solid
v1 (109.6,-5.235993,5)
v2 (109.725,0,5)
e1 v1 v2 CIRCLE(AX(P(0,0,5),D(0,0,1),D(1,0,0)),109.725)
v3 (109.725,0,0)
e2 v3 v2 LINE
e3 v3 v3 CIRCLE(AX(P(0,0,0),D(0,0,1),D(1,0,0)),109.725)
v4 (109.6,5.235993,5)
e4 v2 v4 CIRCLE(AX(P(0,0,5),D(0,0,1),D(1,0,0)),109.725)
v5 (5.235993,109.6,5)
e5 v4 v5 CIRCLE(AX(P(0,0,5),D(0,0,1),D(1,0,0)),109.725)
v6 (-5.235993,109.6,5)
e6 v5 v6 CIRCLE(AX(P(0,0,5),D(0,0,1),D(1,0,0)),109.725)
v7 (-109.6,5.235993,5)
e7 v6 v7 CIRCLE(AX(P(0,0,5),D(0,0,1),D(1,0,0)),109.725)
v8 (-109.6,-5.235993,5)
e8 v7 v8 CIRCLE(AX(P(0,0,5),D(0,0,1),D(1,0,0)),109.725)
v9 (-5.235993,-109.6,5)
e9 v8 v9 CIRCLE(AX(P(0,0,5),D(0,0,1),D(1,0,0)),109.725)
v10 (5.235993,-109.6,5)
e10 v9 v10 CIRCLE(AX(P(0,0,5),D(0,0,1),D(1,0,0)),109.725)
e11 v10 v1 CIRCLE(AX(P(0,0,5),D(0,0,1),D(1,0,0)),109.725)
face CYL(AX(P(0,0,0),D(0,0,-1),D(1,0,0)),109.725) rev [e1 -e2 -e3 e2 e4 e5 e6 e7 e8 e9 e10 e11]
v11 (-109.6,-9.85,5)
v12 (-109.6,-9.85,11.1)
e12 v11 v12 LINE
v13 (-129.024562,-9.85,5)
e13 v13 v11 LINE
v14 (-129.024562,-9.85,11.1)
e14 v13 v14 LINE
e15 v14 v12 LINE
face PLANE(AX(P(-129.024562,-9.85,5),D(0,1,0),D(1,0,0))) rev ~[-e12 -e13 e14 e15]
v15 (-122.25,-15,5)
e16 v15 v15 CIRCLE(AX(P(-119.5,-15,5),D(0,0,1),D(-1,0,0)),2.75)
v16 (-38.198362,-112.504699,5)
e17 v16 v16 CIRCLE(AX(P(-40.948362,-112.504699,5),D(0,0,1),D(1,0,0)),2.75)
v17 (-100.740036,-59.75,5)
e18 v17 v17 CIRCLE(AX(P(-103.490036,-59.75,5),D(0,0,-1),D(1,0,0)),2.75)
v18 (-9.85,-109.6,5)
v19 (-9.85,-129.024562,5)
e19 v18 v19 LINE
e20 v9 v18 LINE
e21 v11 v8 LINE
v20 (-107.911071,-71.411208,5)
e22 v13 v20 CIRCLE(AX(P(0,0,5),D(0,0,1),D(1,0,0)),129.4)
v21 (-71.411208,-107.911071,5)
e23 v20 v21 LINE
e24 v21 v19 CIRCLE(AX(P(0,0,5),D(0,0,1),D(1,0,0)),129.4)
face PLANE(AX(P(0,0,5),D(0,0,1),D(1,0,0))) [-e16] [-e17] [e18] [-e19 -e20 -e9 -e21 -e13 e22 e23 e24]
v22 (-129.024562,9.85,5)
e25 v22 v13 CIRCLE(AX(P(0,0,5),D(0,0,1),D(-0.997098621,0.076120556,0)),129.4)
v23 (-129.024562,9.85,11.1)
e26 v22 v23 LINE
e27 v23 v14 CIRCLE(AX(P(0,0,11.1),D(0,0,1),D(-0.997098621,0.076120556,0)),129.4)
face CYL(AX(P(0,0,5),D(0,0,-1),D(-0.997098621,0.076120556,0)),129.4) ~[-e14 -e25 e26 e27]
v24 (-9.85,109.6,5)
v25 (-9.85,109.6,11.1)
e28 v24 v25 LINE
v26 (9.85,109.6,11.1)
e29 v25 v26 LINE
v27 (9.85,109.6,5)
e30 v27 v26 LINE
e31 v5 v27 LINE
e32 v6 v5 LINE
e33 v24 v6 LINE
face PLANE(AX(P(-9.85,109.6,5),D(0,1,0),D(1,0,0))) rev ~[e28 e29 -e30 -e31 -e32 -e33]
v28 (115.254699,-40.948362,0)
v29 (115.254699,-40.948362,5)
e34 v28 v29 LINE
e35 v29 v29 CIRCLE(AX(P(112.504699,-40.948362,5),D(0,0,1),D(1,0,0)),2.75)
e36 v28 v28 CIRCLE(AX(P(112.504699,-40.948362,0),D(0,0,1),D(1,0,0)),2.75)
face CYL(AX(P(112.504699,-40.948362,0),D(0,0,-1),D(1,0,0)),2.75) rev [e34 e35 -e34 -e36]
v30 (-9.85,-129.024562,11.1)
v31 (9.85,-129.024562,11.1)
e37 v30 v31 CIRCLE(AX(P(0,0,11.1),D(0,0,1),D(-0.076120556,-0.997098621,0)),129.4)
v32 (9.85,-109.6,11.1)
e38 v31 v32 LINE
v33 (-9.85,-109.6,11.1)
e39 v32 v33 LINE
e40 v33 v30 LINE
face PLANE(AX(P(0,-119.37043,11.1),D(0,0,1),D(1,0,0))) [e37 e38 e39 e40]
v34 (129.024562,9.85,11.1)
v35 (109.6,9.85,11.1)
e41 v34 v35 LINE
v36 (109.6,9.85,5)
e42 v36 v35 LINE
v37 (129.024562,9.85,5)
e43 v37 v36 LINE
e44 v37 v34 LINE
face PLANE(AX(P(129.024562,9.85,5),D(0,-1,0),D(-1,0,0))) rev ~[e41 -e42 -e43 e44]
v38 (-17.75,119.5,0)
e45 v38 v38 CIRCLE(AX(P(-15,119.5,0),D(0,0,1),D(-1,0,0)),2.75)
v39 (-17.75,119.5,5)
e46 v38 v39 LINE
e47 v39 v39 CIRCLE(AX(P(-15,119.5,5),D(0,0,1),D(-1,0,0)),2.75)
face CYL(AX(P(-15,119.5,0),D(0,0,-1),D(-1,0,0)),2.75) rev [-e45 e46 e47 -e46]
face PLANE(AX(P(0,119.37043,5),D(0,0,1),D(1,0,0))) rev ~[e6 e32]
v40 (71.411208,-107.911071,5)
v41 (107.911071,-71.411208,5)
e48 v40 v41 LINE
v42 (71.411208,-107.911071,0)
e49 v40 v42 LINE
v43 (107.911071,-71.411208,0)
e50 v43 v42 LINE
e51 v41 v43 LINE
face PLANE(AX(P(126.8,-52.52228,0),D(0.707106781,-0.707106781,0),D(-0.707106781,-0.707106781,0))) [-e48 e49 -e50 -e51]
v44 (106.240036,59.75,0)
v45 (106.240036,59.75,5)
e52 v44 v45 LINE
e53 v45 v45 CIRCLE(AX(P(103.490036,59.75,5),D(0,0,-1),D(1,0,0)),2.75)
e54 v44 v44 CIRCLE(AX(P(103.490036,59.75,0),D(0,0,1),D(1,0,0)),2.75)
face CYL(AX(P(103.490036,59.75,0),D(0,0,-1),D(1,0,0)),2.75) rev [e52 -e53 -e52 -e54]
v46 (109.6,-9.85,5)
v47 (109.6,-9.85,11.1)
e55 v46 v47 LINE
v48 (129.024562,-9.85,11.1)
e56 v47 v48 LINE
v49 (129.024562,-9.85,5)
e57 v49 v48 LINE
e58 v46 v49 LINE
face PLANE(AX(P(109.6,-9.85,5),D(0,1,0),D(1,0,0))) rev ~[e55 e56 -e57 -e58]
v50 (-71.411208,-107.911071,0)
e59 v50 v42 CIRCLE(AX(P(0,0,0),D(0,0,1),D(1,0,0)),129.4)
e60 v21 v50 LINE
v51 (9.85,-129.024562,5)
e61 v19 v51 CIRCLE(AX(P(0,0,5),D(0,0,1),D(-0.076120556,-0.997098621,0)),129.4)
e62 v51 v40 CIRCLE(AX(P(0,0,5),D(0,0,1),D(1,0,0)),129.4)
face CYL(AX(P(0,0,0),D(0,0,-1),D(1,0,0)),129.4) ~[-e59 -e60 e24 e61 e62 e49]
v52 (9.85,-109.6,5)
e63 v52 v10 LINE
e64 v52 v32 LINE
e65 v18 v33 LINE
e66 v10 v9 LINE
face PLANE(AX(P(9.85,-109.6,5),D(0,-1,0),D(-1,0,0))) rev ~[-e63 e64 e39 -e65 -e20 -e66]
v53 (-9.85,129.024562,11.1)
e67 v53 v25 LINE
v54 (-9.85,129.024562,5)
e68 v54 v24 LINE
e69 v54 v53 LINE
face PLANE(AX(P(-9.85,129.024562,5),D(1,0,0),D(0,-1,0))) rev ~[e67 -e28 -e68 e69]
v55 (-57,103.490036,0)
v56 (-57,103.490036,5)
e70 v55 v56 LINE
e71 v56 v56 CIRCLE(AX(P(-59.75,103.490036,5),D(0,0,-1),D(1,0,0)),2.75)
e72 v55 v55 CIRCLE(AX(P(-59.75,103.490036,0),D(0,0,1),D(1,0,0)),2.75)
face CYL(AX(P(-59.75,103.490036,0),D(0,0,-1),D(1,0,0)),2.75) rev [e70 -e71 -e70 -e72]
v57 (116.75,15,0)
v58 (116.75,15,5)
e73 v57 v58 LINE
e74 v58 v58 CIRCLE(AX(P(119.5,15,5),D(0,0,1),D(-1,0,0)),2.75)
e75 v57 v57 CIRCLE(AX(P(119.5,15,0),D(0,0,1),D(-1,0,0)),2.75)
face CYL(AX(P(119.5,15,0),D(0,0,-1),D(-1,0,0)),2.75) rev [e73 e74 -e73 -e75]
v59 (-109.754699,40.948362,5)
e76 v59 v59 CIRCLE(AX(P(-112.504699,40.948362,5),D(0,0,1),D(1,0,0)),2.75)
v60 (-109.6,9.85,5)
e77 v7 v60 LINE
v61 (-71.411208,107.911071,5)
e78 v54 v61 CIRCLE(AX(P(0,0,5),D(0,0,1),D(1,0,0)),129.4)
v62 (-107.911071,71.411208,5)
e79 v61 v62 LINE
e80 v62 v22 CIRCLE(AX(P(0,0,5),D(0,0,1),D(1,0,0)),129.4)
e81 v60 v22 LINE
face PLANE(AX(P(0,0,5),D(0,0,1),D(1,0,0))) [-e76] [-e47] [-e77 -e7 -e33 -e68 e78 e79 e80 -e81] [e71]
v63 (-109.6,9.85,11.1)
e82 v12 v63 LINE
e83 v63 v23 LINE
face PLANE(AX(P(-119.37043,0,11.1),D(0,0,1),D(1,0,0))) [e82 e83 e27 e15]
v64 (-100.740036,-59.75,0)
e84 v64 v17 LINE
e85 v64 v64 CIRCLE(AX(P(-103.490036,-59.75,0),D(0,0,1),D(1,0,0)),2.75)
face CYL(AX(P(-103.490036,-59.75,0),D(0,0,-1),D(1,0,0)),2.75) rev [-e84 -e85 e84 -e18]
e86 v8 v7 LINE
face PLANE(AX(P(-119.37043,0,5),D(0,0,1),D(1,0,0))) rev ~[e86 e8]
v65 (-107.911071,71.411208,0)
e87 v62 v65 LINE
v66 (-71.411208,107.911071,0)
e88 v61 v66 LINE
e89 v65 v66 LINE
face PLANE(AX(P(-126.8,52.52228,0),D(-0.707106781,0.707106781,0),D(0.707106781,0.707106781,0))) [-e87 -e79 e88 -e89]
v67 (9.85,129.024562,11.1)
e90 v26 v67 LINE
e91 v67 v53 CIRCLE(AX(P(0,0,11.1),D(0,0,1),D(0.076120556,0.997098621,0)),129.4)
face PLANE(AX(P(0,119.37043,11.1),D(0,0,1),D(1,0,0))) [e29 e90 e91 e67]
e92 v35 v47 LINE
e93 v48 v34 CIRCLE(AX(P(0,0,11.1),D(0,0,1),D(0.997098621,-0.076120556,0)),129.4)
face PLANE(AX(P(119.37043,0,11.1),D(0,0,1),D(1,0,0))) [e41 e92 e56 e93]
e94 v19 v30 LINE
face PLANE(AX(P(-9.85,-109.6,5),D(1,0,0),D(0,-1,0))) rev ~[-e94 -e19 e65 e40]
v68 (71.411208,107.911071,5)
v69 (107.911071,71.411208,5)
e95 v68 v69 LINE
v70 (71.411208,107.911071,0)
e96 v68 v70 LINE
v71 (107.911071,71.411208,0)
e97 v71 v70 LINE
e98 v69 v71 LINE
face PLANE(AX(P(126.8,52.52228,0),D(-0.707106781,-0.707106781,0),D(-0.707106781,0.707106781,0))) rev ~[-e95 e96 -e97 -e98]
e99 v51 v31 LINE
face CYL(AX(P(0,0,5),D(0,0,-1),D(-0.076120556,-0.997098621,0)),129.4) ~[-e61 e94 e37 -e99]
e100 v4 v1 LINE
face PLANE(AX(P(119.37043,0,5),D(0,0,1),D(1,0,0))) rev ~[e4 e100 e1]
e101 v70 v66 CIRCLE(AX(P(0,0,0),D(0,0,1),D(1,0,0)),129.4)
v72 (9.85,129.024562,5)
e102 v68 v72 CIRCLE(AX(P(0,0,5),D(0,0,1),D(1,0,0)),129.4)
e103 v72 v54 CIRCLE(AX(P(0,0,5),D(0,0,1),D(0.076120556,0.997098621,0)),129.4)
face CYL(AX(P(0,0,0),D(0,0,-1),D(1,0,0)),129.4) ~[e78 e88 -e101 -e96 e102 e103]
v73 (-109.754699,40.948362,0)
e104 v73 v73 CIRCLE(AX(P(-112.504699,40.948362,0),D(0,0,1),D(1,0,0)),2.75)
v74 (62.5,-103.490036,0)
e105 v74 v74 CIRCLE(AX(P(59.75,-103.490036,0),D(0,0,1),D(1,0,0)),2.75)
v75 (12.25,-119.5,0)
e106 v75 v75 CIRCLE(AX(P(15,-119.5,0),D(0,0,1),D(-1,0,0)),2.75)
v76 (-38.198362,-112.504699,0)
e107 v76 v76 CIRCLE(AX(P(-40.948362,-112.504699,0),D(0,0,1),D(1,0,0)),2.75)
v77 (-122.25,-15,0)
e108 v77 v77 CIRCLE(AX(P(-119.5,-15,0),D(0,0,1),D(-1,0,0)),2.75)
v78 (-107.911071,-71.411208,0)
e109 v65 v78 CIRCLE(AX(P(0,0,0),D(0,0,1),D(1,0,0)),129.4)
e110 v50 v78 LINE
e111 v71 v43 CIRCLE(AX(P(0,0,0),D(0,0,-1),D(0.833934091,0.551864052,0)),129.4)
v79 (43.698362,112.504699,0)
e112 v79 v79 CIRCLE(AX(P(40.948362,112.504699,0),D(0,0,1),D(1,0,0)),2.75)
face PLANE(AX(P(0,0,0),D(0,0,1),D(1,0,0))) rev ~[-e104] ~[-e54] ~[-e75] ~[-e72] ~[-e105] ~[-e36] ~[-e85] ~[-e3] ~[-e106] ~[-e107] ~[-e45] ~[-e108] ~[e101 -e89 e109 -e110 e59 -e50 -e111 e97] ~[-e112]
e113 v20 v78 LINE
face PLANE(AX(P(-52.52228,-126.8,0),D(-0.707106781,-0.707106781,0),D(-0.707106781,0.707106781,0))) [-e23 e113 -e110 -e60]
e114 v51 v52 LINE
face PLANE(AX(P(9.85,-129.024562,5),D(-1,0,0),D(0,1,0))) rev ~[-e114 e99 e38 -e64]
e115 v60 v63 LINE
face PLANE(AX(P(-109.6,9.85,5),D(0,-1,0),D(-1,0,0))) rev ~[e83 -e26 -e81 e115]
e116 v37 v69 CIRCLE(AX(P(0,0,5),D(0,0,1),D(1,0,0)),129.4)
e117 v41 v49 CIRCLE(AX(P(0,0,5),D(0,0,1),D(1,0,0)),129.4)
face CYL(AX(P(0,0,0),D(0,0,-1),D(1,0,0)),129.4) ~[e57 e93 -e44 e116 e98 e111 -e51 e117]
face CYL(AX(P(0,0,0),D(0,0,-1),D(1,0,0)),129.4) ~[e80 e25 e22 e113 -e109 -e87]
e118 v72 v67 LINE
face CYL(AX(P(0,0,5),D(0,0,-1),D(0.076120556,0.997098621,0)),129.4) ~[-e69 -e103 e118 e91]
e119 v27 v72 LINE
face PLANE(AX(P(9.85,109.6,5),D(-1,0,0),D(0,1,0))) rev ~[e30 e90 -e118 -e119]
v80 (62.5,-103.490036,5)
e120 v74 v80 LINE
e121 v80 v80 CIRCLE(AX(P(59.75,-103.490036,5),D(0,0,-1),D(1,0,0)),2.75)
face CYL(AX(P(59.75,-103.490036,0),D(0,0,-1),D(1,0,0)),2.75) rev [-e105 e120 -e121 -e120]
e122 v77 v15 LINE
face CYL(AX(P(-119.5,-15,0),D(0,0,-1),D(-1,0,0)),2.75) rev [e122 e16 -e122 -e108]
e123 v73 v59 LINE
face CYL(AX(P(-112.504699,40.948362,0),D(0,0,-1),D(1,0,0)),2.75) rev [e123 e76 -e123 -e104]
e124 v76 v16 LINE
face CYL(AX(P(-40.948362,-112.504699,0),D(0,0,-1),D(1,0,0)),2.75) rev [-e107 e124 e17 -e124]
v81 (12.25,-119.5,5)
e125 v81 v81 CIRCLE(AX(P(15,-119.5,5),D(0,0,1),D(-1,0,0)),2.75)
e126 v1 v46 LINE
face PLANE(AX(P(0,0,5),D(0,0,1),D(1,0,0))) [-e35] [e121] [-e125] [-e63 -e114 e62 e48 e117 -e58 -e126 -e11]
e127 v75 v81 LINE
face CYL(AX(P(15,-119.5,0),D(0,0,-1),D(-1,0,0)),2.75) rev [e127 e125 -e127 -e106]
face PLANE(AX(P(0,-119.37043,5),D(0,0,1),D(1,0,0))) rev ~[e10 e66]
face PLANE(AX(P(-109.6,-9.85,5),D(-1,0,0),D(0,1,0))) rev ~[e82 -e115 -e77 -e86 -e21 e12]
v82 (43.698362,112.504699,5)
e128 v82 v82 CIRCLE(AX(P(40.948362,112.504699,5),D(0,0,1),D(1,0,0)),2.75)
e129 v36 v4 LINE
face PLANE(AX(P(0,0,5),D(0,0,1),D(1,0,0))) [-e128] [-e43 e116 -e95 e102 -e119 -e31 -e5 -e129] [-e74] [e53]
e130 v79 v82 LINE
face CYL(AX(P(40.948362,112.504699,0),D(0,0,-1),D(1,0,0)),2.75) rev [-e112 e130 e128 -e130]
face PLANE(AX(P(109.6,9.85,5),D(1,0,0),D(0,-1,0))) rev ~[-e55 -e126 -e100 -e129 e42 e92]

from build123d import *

# Parameters (mm, degrees)
SKETCH2_R           = 129.4
SKETCH2_R_2         = 109.725
SKETCH2_R_3         = 2.75
BOSS_EXTRUDE1_DEPTH = 5
BOSS_EXTRUDE2_DEPTH = 6.1
CUT_EXTRUDE3_DEPTH  = 10
SKETCH5_R           = 2.75
CUT_EXTRUDE4_DEPTH  = 184.335566653


with BuildPart() as part:
    # Sketch2 → Boss-Extrude1 (new body)
    with BuildSketch(Plane.XY):
        Circle(SKETCH2_R)
        Circle(SKETCH2_R_2, mode=Mode.SUBTRACT)
        with Locations(Location((-15, 119.5, 0), (0, 0, 180))):
            Circle(SKETCH2_R_3, mode=Mode.SUBTRACT)
        with Locations((40.94836166, 112.504699024)):
            Circle(SKETCH2_R_3, mode=Mode.SUBTRACT)
        with Locations(Location((119.5, 15, 0), (0, 0, 180))):
            Circle(SKETCH2_R_3, mode=Mode.SUBTRACT)
        with Locations((112.504699024, -40.94836166)):
            Circle(SKETCH2_R_3, mode=Mode.SUBTRACT)
        with Locations(Location((15, -119.5, 0), (0, 0, 180))):
            Circle(SKETCH2_R_3, mode=Mode.SUBTRACT)
        with Locations((-40.94836166, -112.504699024)):
            Circle(SKETCH2_R_3, mode=Mode.SUBTRACT)
        with Locations(Location((-119.5, -15, 0), (0, 0, 180))):
            Circle(SKETCH2_R_3, mode=Mode.SUBTRACT)
        with Locations((-112.504699024, 40.94836166)):
            Circle(SKETCH2_R_3, mode=Mode.SUBTRACT)
    extrude(amount=BOSS_EXTRUDE1_DEPTH)

    # Sketch3 → Boss-Extrude2 (add)
    with BuildSketch(Plane.XY.offset(5)):
        with BuildLine():
            Line((-9.85, 129.024561615), (-9.85, 109.6))
            Line((-9.85, 109.6), (9.85, 109.6))
            Line((9.85, 109.6), (9.85, 129.024561615))
            ThreePointArc((9.85, 129.024561615), (0, 129.4), (-9.85, 129.024561615))
        make_face()
        with BuildLine():
            Line((129.024561615, 9.85), (109.6, 9.85))
            Line((109.6, 9.85), (109.6, -9.85))
            Line((109.6, -9.85), (129.024561615, -9.85))
            ThreePointArc((129.024561615, -9.85), (129.4, 0), (129.024561615, 9.85))
        make_face()
        with BuildLine():
            Line((9.85, -129.024561615), (9.85, -109.6))
            Line((9.85, -109.6), (-9.85, -109.6))
            Line((-9.85, -109.6), (-9.85, -129.024561615))
            ThreePointArc((-9.85, -129.024561615), (0, -129.4), (9.85, -129.024561615))
        make_face()
        with BuildLine():
            Line((-129.024561615, -9.85), (-109.6, -9.85))
            Line((-109.6, -9.85), (-109.6, 9.85))
            Line((-109.6, 9.85), (-129.024561615, 9.85))
            ThreePointArc((-129.024561615, 9.85), (-129.4, 0), (-129.024561615, -9.85))
        make_face()
    extrude(amount=BOSS_EXTRUDE2_DEPTH)

    # Sketch4 → Cut-Extrude3 (cut)
    with BuildSketch(Plane.XY):
        Polygon((126.8, 52.522279709), (52.522279709, 126.8), (53.640656327, 129.5), (129.5, 53.640656327), align=None)
        Polygon((-53.640656327, 129.5), (-129.5, 53.640656327), (-126.8, 52.522279709), (-52.522279709, 126.8), align=None)
        Polygon((-129.5, -53.640656327), (-53.640656327, -129.5), (-52.522279709, -126.8), (-126.8, -52.522279709), align=None)
        Polygon((53.640656327, -129.5), (129.5, -53.640656327), (126.8, -52.522279709), (52.522279709, -126.8), align=None)
    extrude(amount=CUT_EXTRUDE3_DEPTH, mode=Mode.SUBTRACT)

    # Sketch5 → Cut-Extrude4 (cut, through all)
    with BuildSketch(Plane.XY):
        with Locations((103.490035752, 59.75)):
            Circle(SKETCH5_R)
        with Locations((59.75, -103.490035752)):
            Circle(SKETCH5_R)
        with Locations((-103.490035752, -59.75)):
            Circle(SKETCH5_R)
        with Locations((-59.75, 103.490035752)):
            Circle(SKETCH5_R)
    extrude(amount=CUT_EXTRUDE4_DEPTH, mode=Mode.SUBTRACT)


solid = part.part
